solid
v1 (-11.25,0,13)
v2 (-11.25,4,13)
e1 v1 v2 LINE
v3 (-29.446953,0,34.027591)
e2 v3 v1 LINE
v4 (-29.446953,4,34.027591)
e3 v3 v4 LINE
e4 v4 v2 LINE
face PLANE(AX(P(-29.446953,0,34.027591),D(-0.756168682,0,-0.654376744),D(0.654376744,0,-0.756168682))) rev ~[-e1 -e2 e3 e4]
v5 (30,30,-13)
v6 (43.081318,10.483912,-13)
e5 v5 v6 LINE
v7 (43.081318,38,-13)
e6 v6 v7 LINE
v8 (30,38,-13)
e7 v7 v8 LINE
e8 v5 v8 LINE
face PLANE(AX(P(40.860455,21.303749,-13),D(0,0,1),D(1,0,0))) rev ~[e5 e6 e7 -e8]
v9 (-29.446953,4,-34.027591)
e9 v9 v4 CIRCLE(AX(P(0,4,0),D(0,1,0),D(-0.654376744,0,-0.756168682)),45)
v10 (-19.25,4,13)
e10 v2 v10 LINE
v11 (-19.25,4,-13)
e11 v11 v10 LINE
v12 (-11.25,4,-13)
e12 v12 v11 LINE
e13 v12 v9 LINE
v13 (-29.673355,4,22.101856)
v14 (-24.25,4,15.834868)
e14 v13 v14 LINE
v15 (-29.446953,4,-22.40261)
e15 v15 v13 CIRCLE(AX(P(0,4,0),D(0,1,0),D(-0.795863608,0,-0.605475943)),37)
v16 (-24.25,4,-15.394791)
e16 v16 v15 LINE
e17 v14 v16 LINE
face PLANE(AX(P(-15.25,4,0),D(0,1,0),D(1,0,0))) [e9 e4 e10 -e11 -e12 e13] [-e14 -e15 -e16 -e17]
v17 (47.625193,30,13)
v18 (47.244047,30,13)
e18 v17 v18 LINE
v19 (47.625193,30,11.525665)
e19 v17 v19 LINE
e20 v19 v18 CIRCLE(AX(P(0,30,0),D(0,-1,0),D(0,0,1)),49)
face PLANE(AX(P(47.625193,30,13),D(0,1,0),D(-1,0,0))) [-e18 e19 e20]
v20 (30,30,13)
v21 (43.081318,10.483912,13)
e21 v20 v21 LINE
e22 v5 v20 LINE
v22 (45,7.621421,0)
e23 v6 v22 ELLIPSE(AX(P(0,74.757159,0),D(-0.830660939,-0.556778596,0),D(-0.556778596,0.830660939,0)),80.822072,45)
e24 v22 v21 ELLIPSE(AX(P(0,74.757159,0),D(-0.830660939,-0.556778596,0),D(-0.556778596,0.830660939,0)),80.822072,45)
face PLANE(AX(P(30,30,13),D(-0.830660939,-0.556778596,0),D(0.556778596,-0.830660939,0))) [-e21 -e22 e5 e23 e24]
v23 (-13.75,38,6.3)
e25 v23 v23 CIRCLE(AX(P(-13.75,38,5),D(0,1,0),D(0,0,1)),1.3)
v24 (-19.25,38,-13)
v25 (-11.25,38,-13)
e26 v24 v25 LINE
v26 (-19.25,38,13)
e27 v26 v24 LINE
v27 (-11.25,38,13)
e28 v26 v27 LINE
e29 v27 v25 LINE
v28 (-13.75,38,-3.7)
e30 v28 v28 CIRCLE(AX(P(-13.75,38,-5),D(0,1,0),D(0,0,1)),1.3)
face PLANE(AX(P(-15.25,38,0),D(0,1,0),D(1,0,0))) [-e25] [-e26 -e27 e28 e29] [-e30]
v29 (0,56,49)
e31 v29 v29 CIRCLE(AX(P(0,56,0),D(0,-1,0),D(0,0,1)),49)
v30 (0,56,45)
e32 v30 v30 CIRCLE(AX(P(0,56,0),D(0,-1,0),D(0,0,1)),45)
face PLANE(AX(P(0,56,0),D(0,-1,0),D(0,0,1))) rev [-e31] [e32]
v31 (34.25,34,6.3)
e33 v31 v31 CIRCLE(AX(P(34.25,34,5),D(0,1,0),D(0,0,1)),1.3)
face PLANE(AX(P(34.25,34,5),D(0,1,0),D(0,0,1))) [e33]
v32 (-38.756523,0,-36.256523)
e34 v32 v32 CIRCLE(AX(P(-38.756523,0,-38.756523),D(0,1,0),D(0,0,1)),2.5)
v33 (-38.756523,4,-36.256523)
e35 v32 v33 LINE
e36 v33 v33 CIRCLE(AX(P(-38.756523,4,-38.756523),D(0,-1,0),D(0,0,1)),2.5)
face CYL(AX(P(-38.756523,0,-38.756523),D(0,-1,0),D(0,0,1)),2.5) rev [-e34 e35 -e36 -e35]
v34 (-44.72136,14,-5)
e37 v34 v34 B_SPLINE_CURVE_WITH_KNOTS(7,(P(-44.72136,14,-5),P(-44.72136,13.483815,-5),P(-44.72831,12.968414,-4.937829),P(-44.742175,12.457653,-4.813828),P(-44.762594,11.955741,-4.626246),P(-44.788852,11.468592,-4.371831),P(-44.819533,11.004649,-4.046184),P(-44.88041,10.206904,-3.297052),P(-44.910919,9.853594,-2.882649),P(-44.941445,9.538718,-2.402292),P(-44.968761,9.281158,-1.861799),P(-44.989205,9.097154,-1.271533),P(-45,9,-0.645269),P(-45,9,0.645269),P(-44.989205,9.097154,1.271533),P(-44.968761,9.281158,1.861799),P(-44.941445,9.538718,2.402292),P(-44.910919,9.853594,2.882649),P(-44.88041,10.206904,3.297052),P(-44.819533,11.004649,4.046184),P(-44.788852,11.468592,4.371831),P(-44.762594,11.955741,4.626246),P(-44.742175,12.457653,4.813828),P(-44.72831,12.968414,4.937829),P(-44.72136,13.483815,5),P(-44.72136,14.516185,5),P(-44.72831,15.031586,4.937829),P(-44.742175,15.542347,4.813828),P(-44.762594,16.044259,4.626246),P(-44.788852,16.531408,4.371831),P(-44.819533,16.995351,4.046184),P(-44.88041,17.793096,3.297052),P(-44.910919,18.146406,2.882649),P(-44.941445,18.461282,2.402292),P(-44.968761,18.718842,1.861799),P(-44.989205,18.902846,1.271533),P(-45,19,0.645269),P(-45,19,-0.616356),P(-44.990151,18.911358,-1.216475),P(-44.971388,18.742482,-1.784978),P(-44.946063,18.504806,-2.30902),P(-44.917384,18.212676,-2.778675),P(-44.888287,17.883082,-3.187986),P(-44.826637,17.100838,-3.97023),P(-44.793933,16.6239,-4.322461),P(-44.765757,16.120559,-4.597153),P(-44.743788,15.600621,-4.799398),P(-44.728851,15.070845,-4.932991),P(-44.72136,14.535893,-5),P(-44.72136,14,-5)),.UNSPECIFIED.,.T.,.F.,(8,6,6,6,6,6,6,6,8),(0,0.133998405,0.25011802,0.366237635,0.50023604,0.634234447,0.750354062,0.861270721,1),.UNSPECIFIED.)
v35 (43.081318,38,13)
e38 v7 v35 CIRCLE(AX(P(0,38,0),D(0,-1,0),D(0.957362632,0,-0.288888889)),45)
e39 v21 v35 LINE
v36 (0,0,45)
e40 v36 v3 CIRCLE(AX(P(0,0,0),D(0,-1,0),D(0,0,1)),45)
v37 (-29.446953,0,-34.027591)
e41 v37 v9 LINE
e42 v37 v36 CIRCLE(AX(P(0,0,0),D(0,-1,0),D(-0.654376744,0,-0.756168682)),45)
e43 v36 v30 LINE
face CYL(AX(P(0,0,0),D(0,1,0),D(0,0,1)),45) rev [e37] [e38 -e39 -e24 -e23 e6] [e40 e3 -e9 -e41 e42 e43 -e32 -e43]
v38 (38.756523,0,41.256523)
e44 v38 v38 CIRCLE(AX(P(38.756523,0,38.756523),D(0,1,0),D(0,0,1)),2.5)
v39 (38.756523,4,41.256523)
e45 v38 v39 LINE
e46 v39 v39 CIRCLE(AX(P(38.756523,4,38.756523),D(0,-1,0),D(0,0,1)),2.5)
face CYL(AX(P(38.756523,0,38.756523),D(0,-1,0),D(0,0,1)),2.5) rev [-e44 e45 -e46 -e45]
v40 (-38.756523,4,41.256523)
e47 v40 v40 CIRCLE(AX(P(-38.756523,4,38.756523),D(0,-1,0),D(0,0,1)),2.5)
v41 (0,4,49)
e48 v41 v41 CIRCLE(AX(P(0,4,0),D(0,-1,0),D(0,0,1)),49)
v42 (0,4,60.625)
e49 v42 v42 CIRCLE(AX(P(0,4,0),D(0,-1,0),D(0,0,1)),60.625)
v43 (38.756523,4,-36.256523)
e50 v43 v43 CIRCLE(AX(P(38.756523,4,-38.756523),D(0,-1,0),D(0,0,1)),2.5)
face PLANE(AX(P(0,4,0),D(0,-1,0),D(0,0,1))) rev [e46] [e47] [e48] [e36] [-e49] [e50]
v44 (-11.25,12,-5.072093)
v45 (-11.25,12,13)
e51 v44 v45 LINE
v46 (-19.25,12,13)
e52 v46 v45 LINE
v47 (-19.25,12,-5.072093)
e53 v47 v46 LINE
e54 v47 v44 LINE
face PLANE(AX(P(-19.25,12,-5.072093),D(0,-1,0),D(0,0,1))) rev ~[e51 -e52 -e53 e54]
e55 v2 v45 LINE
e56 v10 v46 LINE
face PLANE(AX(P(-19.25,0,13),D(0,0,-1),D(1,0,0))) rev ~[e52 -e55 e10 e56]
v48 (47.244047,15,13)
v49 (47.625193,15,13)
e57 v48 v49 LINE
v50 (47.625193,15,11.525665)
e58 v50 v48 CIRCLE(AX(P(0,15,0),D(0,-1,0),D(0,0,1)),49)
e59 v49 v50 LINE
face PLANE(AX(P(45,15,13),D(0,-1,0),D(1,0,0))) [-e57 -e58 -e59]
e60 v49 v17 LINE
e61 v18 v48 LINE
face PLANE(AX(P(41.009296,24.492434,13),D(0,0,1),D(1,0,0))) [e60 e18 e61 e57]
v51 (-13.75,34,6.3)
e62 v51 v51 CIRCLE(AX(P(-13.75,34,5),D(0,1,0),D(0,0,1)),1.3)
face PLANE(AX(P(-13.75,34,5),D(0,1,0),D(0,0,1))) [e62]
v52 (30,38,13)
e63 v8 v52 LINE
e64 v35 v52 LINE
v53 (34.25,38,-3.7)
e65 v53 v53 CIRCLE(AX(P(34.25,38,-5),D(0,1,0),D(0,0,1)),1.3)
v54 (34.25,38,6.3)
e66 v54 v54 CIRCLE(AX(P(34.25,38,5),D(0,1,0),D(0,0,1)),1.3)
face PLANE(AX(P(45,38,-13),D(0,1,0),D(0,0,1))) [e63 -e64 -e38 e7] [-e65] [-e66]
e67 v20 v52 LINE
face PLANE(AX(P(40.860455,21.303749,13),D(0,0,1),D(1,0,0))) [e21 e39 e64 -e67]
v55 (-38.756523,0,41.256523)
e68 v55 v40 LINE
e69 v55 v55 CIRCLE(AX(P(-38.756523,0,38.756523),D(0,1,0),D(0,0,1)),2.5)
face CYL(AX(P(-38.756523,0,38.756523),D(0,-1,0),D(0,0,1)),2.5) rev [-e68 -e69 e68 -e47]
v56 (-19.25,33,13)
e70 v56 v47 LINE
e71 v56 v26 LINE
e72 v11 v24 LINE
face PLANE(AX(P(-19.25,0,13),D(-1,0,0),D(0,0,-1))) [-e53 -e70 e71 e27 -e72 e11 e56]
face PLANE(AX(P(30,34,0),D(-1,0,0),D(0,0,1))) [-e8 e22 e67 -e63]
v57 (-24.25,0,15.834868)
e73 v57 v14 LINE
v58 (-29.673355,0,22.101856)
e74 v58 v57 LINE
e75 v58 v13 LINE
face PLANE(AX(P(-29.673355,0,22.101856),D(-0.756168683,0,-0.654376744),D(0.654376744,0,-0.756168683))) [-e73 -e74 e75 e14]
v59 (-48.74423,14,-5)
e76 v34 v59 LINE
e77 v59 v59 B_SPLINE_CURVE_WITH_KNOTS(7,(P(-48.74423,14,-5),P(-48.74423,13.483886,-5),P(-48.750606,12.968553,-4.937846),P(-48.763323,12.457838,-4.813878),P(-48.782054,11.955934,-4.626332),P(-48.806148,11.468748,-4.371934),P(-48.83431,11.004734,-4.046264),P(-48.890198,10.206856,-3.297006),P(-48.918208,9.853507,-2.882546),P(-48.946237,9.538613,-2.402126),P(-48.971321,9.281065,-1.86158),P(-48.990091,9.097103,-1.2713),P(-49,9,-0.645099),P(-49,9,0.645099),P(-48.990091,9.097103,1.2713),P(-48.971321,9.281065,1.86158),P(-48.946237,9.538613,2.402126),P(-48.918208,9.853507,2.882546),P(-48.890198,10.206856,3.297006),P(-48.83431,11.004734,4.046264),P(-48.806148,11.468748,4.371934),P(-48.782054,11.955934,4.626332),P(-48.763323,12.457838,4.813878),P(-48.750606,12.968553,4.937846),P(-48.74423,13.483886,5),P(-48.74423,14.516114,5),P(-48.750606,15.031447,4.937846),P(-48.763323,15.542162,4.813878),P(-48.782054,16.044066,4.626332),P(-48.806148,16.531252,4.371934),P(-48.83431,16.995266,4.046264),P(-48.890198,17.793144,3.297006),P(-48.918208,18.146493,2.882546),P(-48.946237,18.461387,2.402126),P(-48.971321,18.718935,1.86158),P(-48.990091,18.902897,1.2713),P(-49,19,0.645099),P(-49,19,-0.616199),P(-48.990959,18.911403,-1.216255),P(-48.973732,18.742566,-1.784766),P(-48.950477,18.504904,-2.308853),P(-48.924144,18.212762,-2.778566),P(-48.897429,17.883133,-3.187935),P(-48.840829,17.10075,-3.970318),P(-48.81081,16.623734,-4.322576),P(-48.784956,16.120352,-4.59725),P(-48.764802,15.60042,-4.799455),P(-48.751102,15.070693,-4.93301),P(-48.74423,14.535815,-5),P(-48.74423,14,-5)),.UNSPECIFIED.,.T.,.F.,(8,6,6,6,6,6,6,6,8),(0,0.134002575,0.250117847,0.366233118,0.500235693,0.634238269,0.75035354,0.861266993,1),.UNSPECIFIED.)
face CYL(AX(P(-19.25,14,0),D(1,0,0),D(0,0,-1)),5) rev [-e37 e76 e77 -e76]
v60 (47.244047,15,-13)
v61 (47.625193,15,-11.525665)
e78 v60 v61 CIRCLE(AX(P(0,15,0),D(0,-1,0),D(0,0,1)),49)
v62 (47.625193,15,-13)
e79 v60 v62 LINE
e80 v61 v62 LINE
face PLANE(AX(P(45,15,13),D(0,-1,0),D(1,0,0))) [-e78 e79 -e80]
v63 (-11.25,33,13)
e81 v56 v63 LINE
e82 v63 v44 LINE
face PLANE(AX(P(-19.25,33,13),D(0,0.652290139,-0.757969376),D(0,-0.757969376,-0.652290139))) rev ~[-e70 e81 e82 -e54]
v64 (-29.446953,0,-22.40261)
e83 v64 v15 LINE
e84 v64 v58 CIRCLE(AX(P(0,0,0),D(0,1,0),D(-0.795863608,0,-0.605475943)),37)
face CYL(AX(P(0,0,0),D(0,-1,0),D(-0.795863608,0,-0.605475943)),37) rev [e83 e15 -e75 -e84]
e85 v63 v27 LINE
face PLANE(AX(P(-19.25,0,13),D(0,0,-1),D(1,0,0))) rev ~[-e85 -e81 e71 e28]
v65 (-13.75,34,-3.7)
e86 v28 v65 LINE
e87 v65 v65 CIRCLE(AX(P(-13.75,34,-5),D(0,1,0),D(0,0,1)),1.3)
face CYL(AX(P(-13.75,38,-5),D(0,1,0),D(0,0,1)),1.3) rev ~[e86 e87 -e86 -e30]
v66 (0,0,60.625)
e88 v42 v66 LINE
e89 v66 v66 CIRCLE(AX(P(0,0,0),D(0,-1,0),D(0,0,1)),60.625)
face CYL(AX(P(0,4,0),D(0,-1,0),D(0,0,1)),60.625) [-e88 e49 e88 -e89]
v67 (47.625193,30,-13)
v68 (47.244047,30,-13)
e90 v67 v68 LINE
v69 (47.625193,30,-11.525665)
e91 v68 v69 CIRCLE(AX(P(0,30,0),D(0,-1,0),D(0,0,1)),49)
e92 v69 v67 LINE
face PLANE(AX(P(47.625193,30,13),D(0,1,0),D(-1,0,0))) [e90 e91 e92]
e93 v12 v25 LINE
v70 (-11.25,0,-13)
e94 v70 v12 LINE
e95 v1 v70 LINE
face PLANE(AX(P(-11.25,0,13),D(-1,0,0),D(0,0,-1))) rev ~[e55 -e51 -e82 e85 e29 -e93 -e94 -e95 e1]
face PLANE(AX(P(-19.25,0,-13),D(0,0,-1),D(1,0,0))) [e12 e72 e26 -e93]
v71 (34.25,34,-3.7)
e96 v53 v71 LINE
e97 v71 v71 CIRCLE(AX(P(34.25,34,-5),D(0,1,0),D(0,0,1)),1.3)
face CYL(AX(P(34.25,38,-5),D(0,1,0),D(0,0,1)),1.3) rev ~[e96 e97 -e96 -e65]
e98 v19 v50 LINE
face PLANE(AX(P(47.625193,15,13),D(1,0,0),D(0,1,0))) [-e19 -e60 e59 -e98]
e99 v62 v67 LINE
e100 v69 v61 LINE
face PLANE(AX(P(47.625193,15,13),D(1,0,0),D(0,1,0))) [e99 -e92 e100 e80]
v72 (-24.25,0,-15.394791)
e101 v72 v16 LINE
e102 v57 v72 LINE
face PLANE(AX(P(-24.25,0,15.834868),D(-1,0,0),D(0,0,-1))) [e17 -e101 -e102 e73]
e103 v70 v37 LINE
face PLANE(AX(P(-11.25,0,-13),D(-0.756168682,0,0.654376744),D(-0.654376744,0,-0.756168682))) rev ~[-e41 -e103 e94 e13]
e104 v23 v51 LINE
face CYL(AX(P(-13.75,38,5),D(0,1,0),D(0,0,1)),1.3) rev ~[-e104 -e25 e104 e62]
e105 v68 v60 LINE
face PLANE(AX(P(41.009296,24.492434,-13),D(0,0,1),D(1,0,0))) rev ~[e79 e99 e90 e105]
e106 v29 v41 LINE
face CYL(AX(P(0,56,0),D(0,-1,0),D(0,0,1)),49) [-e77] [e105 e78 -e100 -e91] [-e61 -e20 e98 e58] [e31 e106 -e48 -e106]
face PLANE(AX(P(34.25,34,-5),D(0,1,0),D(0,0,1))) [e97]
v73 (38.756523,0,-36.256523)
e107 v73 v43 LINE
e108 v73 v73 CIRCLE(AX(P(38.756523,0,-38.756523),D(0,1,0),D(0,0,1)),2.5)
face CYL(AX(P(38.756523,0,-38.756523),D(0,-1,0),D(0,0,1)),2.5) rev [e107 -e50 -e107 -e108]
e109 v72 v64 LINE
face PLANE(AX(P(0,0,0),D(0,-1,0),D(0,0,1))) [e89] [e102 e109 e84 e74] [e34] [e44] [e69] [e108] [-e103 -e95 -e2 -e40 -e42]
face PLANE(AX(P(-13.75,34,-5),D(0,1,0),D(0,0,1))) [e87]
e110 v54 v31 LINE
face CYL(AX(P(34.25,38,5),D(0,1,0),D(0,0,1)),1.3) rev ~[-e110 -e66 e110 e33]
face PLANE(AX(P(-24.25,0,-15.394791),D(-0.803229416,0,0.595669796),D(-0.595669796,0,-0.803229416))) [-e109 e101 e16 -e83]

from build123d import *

# Parameters (mm, degrees)
IZIM7_W                     = 26
IZIM7_H                     = 8
Y_KSEKLIK_EKSTR_ZYON3_DEPTH = 15
IZIM8_W                     = 8
IZIM8_H                     = 26
Y_KSEKLIK_EKSTR_ZYON4_DEPTH = 4
IZIM9_W                     = 8
IZIM9_H                     = 26
Y_KSEKLIK_EKSTR_ZYON5_DEPTH = 38
IZIM11_R                    = 5
KES_EKSTR_ZYON1_DEPTH       = 44
IZIM12_R                    = 2.5
KES_EKSTR_ZYON2_DEPTH       = 44
IZIM14_R                    = 1.3
KES_EKSTR_ZYON3_DEPTH       = 4
KES_EKSTR_ZYON4_DEPTH       = 10
Y_KSEKLIK_EKSTR_ZYON6_DEPTH = 26
KES_EKSTR_ZYON5_DEPTH       = 30
Y_KSEKLIK_EKSTR_ZYON7_DEPTH = 26
Y_KSEKLIK_EKSTR_ZYON8_DEPTH = 26
KES_EKSTR_ZYON6_DEPTH       = 26


with BuildPart() as part:
    # Çizim1 → Döndür5 (revolve)
    with BuildSketch(Plane.XY, mode=Mode.PRIVATE) as d_nd_r5_sk:
        Polygon((49, 4), (60.625, 4), (60.625, 0), (45, 0), (45, 56), (49, 56), align=None)
    revolve(d_nd_r5_sk.sketch.rotate(Axis((0, 14.385693044, 0), (0, -1, 0)), 90), axis=Axis((0, 14.385693044, 0), (0, -1, 0)))

    # Çizim7 → Yükseklik-Ekstrüzyon3 (add)
    with BuildSketch(Plane.ZY.offset(-45)):
        with Locations((0, 34)):
            Rectangle(IZIM7_W, IZIM7_H)
    extrude(amount=Y_KSEKLIK_EKSTR_ZYON3_DEPTH)

    # Çizim8 → Yükseklik-Ekstrüzyon4 (add)
    with BuildSketch(Plane(origin=(0, 0, 0), x_dir=(1, 0, 0), z_dir=(0, 1, 0))):
        with Locations((-15.25, 0)):
            Rectangle(IZIM8_W, IZIM8_H)
        with BuildLine():
            Line((-11.25, 13), (-29.4469535, 34.027590711))
            ThreePointArc((-29.4469535, 34.027590711), (-45, 0), (-29.4469535, -34.027590711))
            Line((-29.4469535, -34.027590711), (-11.25, -13))
            Line((-11.25, -13), (-19.25, -13))
            Line((-19.25, -13), (-19.25, 13))
            Line((-19.25, 13), (-11.25, 13))
        make_face()
        with BuildLine():
            ThreePointArc((-29.4469535, 22.402609883), (-36.999521245, 0.188222241), (-29.673354544, -22.101855807))
            Line((-29.673354544, -22.101855807), (-24.25, -15.834868333))
            Line((-24.25, -15.834868333), (-24.25, 15.394791201))
            Line((-24.25, 15.394791201), (-29.4469535, 22.402609883))
        make_face(mode=Mode.SUBTRACT)
    extrude(amount=Y_KSEKLIK_EKSTR_ZYON4_DEPTH)

    # Çizim9 → Yükseklik-Ekstrüzyon5 (add)
    with BuildSketch(Plane(origin=(0, 0, 0), x_dir=(1, 0, 0), z_dir=(0, 1, 0))):
        with Locations((-15.25, 0)):
            Rectangle(IZIM9_W, IZIM9_H)
    extrude(amount=Y_KSEKLIK_EKSTR_ZYON5_DEPTH)

    # Çizim11 → Kes-Ekstrüzyon1 (cut)
    with BuildSketch(Plane.ZY.offset(19.25)):
        with Locations(Location((0, 14, 0), (0, 0, 180))):
            Circle(IZIM11_R)
    extrude(amount=KES_EKSTR_ZYON1_DEPTH, mode=Mode.SUBTRACT)

    # Çizim12 → Kes-Ekstrüzyon2 (cut)
    with BuildSketch(Plane(origin=(0, 0, 0), x_dir=(1, 0, 0), z_dir=(0, 1, 0))):
        with Locations(Location((-38.756522677, 38.756522677, 0), (0, 0, 270))):
            Circle(IZIM12_R)
        with Locations(Location((38.756522677, 38.756522677, 0), (0, 0, 270))):
            Circle(IZIM12_R)
        with Locations(Location((-38.756522677, -38.756522677, 0), (0, 0, 270))):
            Circle(IZIM12_R)
        with Locations(Location((38.756522677, -38.756522677, 0), (0, 0, 270))):
            Circle(IZIM12_R)
    extrude(amount=KES_EKSTR_ZYON2_DEPTH, mode=Mode.SUBTRACT)

    # Çizim14 → Kes-Ekstrüzyon3 (cut)
    with BuildSketch(Plane(origin=(0, 38, 0), x_dir=(1, 0, 0), z_dir=(0, 1, 0))):
        with Locations(Location((-13.75, 5, 0), (0, 0, 270))):
            Circle(IZIM14_R)
        with Locations(Location((-13.75, -5, 0), (0, 0, 270))):
            Circle(IZIM14_R)
        with Locations(Location((34.25, -5, 0), (0, 0, 270))):
            Circle(IZIM14_R)
        with Locations(Location((34.25, 5, 0), (0, 0, 270))):
            Circle(IZIM14_R)
    extrude(amount=-KES_EKSTR_ZYON3_DEPTH, mode=Mode.SUBTRACT)

    # Çizim15 → Kes-Ekstrüzyon4 (cut)
    with BuildSketch(Plane.ZY.offset(19.25)):
        Polygon((13, 30.072092804), (-5.072092804, 12), (13, 12), align=None)
    extrude(amount=-KES_EKSTR_ZYON4_DEPTH, mode=Mode.SUBTRACT)

    # Çizim16 → Yükseklik-Ekstrüzyon6 (add)
    with BuildSketch(Plane.XY.offset(13)):
        Polygon((30, 30), (45.409856654, 14.590143346), (45.409856654, 30), align=None)
    extrude(amount=-Y_KSEKLIK_EKSTR_ZYON6_DEPTH)

    # Çizim17 → Kes-Ekstrüzyon5 (cut)
    with BuildSketch(Plane(origin=(0, 0, 0), x_dir=(1, 0, 0), z_dir=(0, 1, 0))):
        with BuildLine():
            Line((0, -45), (0, 45))
            ThreePointArc((0, 45), (45, 0), (0, -45))
        make_face()
    extrude(amount=KES_EKSTR_ZYON5_DEPTH, mode=Mode.SUBTRACT)

    # Çizim18 → Yükseklik-Ekstrüzyon7 (add)
    with BuildSketch(Plane.XY.offset(13)):
        Polygon((43.081318457, 30), (30, 30), (45, 15), (47.625193475, 15), (47.625193475, 30), align=None)
    extrude(amount=-Y_KSEKLIK_EKSTR_ZYON7_DEPTH)

    # Çizim19 → Yükseklik-Ekstrüzyon8 (add)
    with BuildSketch(Plane.XY.offset(13)):
        Polygon((30, 30), (45, 7.621420501), (46.501965359, 7.621420501), (46.501965359, 30), align=None)
    extrude(amount=-Y_KSEKLIK_EKSTR_ZYON8_DEPTH)

    # Çizim20 → Kes-Ekstrüzyon6 (cut)
    with BuildSketch(Plane.ZY.offset(19.25)):
        Polygon((13, 33), (-5.072092804, 12), (13, 12), align=None)
    extrude(amount=-KES_EKSTR_ZYON6_DEPTH, mode=Mode.SUBTRACT)


solid = part.part
